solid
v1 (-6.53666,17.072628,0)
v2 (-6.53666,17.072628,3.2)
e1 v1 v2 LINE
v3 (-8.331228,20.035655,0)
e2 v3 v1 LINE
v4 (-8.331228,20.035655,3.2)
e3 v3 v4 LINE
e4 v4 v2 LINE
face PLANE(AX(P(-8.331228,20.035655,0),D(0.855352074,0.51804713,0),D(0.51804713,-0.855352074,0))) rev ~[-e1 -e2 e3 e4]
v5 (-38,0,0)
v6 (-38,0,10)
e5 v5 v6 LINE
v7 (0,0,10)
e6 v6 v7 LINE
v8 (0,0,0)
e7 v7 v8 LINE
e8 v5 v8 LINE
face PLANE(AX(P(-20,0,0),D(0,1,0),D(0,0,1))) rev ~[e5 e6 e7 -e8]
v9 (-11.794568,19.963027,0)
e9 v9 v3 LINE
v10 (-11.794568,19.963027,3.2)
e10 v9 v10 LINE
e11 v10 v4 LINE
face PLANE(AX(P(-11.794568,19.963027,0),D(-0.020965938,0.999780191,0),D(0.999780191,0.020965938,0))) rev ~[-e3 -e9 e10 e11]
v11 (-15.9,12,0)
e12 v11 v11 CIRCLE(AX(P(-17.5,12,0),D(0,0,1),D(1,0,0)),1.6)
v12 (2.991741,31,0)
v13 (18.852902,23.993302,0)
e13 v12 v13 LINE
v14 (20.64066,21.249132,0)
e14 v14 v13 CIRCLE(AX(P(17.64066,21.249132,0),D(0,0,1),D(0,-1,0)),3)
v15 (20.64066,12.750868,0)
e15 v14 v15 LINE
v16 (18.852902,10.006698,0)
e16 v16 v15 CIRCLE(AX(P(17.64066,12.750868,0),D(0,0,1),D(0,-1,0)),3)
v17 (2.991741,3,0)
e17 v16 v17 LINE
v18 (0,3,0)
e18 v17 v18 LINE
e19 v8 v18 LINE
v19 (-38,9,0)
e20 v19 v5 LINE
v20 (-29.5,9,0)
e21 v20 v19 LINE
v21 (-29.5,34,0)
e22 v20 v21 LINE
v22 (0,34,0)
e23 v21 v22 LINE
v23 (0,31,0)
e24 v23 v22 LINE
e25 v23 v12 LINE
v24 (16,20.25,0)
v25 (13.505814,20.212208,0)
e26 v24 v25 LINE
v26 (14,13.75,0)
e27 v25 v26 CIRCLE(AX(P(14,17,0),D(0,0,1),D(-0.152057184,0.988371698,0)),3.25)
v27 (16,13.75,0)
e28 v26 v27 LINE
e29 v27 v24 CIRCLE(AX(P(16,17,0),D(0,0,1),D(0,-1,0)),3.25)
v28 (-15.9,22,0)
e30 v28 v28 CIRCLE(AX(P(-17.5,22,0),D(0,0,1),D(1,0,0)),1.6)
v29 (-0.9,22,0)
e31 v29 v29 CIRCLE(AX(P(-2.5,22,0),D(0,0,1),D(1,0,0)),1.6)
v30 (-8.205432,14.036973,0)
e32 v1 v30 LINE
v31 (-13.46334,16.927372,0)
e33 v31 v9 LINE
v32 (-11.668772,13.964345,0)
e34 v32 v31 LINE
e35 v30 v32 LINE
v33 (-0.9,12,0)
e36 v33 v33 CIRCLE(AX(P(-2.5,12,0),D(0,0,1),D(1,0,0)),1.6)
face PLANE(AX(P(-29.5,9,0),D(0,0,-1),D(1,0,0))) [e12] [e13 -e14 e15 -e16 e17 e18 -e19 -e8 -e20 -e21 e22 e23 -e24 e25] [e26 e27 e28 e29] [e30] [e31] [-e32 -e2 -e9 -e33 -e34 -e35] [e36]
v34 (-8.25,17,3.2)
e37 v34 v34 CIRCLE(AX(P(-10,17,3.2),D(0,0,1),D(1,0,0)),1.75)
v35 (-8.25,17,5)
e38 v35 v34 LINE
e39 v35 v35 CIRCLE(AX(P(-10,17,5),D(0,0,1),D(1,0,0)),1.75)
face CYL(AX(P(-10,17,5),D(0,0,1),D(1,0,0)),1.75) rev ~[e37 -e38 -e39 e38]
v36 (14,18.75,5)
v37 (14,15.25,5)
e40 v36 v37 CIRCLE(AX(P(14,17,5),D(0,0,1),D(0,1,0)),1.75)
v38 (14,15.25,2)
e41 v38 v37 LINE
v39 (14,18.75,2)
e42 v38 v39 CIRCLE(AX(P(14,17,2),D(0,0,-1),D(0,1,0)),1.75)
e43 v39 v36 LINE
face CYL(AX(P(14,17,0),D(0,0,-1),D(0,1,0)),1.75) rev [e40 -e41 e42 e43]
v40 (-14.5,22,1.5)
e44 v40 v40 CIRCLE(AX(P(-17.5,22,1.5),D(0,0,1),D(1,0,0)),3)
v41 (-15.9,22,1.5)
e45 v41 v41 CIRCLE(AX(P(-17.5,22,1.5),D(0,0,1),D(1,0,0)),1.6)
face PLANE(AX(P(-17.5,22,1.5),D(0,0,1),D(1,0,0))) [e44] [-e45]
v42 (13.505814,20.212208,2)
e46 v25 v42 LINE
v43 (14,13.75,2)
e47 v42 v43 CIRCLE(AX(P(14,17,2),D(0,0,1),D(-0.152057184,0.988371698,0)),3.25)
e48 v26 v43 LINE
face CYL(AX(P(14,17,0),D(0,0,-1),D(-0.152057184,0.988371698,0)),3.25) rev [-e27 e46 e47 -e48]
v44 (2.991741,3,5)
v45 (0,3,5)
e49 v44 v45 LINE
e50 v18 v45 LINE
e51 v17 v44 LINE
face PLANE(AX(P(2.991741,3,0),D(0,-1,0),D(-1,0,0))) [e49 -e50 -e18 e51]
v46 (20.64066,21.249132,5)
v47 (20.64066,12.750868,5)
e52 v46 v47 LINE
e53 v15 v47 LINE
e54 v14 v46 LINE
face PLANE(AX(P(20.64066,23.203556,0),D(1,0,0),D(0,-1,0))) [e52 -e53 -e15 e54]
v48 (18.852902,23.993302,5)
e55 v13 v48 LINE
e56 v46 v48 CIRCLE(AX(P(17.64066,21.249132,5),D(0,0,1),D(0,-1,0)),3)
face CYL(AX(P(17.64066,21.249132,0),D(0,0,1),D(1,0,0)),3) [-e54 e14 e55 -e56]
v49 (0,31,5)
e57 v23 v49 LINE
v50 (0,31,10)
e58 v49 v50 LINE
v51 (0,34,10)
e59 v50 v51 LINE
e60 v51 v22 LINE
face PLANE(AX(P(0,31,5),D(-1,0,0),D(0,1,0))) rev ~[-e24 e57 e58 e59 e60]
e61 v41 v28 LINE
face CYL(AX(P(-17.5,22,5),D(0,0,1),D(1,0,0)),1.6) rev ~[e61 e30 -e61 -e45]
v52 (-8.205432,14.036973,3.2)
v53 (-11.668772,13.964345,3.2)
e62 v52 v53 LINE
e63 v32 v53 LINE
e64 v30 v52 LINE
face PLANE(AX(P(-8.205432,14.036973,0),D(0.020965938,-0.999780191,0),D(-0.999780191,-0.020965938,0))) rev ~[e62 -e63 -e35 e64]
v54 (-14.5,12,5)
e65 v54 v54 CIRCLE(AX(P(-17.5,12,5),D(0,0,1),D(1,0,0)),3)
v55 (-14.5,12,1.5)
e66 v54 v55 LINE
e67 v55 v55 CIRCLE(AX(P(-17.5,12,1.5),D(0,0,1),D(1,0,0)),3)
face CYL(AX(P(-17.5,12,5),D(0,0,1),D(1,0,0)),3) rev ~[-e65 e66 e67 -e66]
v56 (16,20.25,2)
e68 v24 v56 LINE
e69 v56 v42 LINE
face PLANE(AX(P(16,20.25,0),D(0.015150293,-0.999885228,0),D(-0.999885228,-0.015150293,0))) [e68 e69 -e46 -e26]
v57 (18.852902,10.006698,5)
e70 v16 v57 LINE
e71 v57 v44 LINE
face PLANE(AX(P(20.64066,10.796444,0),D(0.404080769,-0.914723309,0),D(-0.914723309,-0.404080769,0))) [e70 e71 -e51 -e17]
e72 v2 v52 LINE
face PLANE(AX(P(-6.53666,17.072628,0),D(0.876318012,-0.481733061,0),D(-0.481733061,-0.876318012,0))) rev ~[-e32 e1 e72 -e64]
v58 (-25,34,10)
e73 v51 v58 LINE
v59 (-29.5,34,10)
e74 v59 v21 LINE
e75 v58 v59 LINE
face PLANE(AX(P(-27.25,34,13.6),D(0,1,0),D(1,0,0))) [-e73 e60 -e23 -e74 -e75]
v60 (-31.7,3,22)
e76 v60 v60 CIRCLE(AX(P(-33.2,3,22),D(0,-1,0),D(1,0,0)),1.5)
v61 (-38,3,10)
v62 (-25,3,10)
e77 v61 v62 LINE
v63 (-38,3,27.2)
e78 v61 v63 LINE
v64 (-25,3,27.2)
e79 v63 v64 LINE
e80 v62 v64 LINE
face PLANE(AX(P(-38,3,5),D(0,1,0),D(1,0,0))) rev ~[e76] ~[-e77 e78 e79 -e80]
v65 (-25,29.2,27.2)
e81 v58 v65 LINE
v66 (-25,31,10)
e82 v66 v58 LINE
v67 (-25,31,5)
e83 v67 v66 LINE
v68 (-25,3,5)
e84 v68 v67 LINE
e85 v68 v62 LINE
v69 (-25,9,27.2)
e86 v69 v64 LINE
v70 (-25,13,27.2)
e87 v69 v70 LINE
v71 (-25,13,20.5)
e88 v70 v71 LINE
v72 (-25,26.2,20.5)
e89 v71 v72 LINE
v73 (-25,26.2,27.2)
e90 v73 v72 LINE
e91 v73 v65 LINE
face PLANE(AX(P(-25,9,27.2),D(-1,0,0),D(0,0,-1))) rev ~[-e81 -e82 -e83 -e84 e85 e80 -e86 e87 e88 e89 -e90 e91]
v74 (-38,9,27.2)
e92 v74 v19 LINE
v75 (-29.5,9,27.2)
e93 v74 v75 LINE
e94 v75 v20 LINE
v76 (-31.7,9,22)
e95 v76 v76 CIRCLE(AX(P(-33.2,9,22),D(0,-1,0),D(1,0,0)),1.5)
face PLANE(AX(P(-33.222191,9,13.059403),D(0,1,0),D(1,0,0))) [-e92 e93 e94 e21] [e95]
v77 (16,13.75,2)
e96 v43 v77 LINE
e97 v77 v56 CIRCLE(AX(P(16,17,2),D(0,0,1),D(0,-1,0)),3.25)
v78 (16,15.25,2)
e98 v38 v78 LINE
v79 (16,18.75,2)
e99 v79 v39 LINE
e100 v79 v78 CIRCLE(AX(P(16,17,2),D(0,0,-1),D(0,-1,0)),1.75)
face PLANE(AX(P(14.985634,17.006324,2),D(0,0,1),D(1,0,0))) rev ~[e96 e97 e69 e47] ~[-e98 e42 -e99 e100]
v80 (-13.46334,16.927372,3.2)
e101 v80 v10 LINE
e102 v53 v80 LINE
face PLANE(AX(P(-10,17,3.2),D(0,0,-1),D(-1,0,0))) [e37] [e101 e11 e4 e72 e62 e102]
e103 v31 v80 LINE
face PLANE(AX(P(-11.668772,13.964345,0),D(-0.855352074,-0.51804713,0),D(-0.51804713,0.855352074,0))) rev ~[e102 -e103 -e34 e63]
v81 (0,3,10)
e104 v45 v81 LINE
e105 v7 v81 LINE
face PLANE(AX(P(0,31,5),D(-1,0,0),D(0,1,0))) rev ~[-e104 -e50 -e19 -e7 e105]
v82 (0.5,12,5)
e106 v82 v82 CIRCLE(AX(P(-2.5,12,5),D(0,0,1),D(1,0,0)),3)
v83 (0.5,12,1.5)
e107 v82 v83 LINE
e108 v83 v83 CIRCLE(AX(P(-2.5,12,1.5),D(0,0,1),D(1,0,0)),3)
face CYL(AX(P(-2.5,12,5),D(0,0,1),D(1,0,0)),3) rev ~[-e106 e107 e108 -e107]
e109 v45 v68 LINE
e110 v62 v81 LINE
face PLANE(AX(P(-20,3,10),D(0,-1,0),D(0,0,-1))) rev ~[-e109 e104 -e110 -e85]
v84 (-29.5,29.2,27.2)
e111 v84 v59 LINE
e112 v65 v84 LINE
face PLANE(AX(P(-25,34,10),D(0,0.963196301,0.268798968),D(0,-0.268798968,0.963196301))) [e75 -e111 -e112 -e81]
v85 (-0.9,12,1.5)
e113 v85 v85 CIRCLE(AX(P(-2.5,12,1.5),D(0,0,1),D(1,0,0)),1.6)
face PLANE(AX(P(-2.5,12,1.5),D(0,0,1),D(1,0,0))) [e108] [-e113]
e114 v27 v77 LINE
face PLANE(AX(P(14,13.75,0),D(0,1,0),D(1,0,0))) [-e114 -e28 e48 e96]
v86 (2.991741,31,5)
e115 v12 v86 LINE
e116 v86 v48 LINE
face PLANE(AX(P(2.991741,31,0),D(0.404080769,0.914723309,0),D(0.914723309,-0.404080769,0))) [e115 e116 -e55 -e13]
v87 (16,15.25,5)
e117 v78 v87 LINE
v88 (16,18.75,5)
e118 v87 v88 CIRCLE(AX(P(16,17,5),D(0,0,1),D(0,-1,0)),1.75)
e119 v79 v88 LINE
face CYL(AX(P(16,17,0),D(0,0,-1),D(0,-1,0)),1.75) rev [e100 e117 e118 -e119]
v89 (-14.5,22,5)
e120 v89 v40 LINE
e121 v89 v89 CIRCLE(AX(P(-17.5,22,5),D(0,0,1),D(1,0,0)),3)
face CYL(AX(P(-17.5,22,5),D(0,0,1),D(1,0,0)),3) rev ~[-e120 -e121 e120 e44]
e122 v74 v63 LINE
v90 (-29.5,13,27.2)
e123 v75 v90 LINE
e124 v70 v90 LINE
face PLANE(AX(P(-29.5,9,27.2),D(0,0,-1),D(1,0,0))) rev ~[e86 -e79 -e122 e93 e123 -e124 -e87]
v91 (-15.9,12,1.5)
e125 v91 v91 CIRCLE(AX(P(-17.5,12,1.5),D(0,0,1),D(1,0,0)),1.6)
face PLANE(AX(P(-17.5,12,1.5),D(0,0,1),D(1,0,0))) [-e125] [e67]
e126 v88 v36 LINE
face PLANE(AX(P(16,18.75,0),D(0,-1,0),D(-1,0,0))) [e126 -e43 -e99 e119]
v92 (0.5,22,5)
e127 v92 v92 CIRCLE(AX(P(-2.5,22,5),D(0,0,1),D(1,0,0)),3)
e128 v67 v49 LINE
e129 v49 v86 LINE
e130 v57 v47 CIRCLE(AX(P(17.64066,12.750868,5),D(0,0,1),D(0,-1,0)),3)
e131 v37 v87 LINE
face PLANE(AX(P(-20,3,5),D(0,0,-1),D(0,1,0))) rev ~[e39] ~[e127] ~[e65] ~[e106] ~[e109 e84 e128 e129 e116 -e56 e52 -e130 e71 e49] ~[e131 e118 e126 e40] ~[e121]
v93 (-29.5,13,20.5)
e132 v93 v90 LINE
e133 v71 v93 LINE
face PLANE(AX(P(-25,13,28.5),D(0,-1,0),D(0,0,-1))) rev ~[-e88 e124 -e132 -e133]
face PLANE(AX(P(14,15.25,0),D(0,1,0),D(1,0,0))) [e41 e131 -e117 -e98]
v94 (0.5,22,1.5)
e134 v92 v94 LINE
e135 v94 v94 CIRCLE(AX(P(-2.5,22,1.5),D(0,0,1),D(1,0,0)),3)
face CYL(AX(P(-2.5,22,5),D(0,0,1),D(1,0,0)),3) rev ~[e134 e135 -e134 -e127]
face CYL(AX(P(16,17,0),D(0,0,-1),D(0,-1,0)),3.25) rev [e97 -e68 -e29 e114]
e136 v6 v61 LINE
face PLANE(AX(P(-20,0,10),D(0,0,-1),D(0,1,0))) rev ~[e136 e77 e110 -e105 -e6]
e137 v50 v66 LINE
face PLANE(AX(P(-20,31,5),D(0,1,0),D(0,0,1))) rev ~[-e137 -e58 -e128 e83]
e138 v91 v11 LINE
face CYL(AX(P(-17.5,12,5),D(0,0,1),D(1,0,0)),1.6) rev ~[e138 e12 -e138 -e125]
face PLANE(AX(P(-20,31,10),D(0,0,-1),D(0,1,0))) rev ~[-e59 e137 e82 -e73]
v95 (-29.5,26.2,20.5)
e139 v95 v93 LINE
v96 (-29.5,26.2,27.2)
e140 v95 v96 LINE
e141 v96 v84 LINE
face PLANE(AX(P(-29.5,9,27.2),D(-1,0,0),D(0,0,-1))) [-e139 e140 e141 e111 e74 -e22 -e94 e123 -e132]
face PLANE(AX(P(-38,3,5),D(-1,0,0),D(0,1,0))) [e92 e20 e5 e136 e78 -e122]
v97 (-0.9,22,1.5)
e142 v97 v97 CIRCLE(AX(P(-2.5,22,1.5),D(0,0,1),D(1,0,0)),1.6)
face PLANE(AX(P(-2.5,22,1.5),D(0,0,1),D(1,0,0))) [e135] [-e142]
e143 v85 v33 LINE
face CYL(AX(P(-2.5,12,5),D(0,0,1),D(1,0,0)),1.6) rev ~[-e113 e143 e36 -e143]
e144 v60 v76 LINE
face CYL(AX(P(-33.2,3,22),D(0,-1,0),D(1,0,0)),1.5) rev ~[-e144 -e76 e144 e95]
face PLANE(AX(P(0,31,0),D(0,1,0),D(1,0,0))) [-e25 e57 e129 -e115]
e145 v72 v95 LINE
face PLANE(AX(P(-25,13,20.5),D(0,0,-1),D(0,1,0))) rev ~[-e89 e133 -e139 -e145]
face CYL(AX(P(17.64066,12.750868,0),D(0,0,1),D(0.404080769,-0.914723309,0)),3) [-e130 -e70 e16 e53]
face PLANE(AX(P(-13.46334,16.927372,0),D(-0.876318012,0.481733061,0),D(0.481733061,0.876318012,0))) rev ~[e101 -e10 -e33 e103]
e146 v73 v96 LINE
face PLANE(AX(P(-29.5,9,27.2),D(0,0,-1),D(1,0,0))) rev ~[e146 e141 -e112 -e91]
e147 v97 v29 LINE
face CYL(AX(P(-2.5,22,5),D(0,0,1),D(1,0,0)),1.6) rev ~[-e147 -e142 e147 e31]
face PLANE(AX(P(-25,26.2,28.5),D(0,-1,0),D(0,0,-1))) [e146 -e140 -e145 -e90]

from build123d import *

# Parameters (mm, degrees)
SKETCH_1_W          = 20
SKETCH_1_H          = 34
EXTRUDE_1_DEPTH     = 5
SKETCH_2_W          = 20
SKETCH_2_H          = 3
EXTRUDE_2_DEPTH     = 5
EXTRUDE_3_DEPTH     = 5
FILLET_1_R          = 3
CUT_EXTRUDE_1_DEPTH = 2
SKETCH_7_R          = 1.6
CUT_EXTRUDE_2_DEPTH = 41.087864079
SKETCH_8_R          = 1.75
CUT_EXTRUDE_3_DEPTH = 41.087864079
CUT_EXTRUDE_5_DEPTH = 3.2
EXTRUDE_17_DEPTH    = 18
SKETCH_14_W         = 13
SKETCH_14_H         = 31
EXTRUDE_18_DEPTH    = 30
SKETCH_15_R         = 1.5
SKETCH_15_W         = 20.470707414
SKETCH_15_H         = 10.803453681
CUT_EXTRUDE_6_DEPTH = 61.249481326
SKETCH_16_W         = 16.444381011
SKETCH_16_H         = 28.281193961
CUT_EXTRUDE_7_DEPTH = 25
SKETCH_17_W         = 5
SKETCH_17_H         = 3
EXTRUDE_19_DEPTH    = 5
SKETCH_18_R         = 3
CUT_EXTRUDE_8_DEPTH = 3.5
SKETCH_19_W         = 4.5
SKETCH_19_H         = 27.2
EXTRUDE_20_DEPTH    = 25
SKETCH_20_W         = 8
SKETCH_20_H         = 13.2
CUT_EXTRUDE_9_DEPTH = 64.078600555


with BuildPart() as part:
    # 草图1 → 凸台-拉伸1 (new body)
    with BuildSketch(Plane.XY):
        with Locations((-10, 17)):
            Rectangle(SKETCH_1_W, SKETCH_1_H)
    extrude(amount=EXTRUDE_1_DEPTH)

    # 草图2 → 凸台-拉伸2 (add)
    with BuildSketch(Plane.XY.offset(5)):
        with Locations((-10, 32.5)):
            Rectangle(SKETCH_2_W, SKETCH_2_H)
        with Locations((-10, 1.5)):
            Rectangle(SKETCH_2_W, SKETCH_2_H)
    extrude(amount=EXTRUDE_2_DEPTH)

    # 草图4 → 凸台-拉伸3 (add)
    with BuildSketch(Plane(origin=(0, 0, 0), x_dir=(-1, 0, 0), z_dir=(0, 0, -1))):
        Polygon((0, 3), (0, 31), (-2.991740991, 31), (-20.640660029, 23.203556304), (-20.640660029, 10.796443696), (-2.991740991, 3), align=None)
        with BuildLine():
            ThreePointArc((-16, 15.25), (-17.75, 17), (-16, 18.75))
            Line((-16, 18.75), (-14, 18.75))
            ThreePointArc((-14, 18.75), (-12.25, 17), (-14, 15.25))
            Line((-14, 15.25), (-16, 15.25))
        make_face(mode=Mode.SUBTRACT)
    extrude(amount=-EXTRUDE_3_DEPTH)

    # 圆角1
    fillet_1_edges = [part.edges().sort_by_distance(p)[0] for p in [
        (20.640660029, 10.796443696, 2.5),
        (20.640660029, 23.203556304, 2.5),
    ]]
    fillet(fillet_1_edges, radius=FILLET_1_R)

    # 草图5 → 切除-拉伸1 (cut)
    with BuildSketch(Plane(origin=(0, 0, 0), x_dir=(-1, 0, 0), z_dir=(0, 0, -1))):
        with BuildLine():
            Line((-16, 20.25), (-13.505814151, 20.212208017))
            ThreePointArc((-13.505814151, 20.212208017), (-10.759461769, 16.75218561), (-14, 13.75))
            Line((-14, 13.75), (-16, 13.75))
            ThreePointArc((-16, 13.75), (-19.25, 17), (-16, 20.25))
        make_face()
    extrude(amount=-CUT_EXTRUDE_1_DEPTH, mode=Mode.SUBTRACT)

    # 草图7 → 切除-拉伸2 (cut, through all)
    with BuildSketch(Plane.XY.offset(5)):
        with Locations((-17.5, 22)):
            Circle(SKETCH_7_R)
        with Locations((-2.5, 22)):
            Circle(SKETCH_7_R)
        with Locations((-2.5, 12)):
            Circle(SKETCH_7_R)
        with Locations((-17.5, 12)):
            Circle(SKETCH_7_R)
    extrude(amount=-CUT_EXTRUDE_2_DEPTH, mode=Mode.SUBTRACT)

    # 草图8 → 切除-拉伸3 (cut, through all)
    with BuildSketch(Plane.XY.offset(5)):
        with Locations((-10, 17)):
            Circle(SKETCH_8_R)
    extrude(amount=-CUT_EXTRUDE_3_DEPTH, mode=Mode.SUBTRACT)

    # 草图9 → 切除-拉伸5 (cut)
    with BuildSketch(Plane(origin=(0, 0, 0), x_dir=(-1, 0, 0), z_dir=(0, 0, -1))):
        Polygon((11.668772273, 13.964345359), (13.463340173, 16.927371861), (11.7945679, 19.963026502), (8.331227727, 20.035654641), (6.536659827, 17.072628139), (8.2054321, 14.036973498), align=None)
    extrude(amount=-CUT_EXTRUDE_5_DEPTH, mode=Mode.SUBTRACT)

    # 草图12 → 凸台-拉伸17 (add)
    with BuildSketch(Plane.ZY.offset(20)):
        Polygon((10, 3), (5, 3), (5, 34), (0, 34), (0, 3), (0, 0), (10, 0), align=None)
    extrude(amount=EXTRUDE_17_DEPTH)

    # 草图14 → 凸台-拉伸18 (add)
    with BuildSketch(Plane.XY.offset(5)):
        with Locations((-31.5, 18.5)):
            Rectangle(SKETCH_14_W, SKETCH_14_H)
    extrude(amount=EXTRUDE_18_DEPTH)

    # 草图15 → 切除-拉伸6 (cut, through all)
    with BuildSketch(Plane.XZ.offset(-3)):
        with Locations((-33.2, 22)):
            Circle(SKETCH_15_R)
        with Locations((-32.765829074, 32.601726841)):
            Rectangle(SKETCH_15_W, SKETCH_15_H)
    extrude(amount=-CUT_EXTRUDE_6_DEPTH, mode=Mode.SUBTRACT)

    # 草图16 → 切除-拉伸7 (cut)
    with BuildSketch(Plane(origin=(0, 34, 0), x_dir=(1, 0, 0), z_dir=(0, 1, 0))):
        with Locations((-33.222190506, -13.05940302)):
            Rectangle(SKETCH_16_W, SKETCH_16_H)
    extrude(amount=-CUT_EXTRUDE_7_DEPTH, mode=Mode.SUBTRACT)

    # 草图17 → 凸台-拉伸19 (add)
    with BuildSketch(Plane.ZY.offset(20)):
        with Locations((7.5, 32.5)):
            Rectangle(SKETCH_17_W, SKETCH_17_H)
    extrude(amount=EXTRUDE_19_DEPTH)

    # 草图18 → 切除-拉伸8 (cut)
    with BuildSketch(Plane.XY.offset(5)):
        with Locations((-17.5, 22)):
            Circle(SKETCH_18_R)
        with Locations((-2.5, 22)):
            Circle(SKETCH_18_R)
        with Locations((-2.5, 12)):
            Circle(SKETCH_18_R)
        with Locations((-17.5, 12)):
            Circle(SKETCH_18_R)
    extrude(amount=-CUT_EXTRUDE_8_DEPTH, mode=Mode.SUBTRACT)

    # 草图19 → 凸台-拉伸20 (add)
    with BuildSketch(Plane(origin=(0, 9, 0), x_dir=(1, 0, 0), z_dir=(0, 1, 0))):
        with Locations((-27.25, -13.6)):
            Rectangle(SKETCH_19_W, SKETCH_19_H)
    extrude(amount=EXTRUDE_20_DEPTH)

    # 草图20 → 切除-拉伸9 (cut, through all)
    with BuildSketch(Plane(origin=(-25, 0, 0), x_dir=(0, 0, -1), z_dir=(1, 0, 0))):
        with Locations((-24.5, 19.6)):
            Rectangle(SKETCH_20_W, SKETCH_20_H)
        Polygon((-10, 34), (-27.2, 29.2), (-27.2, 34), align=None)
    extrude(amount=-CUT_EXTRUDE_9_DEPTH, mode=Mode.SUBTRACT)


solid = part.part
